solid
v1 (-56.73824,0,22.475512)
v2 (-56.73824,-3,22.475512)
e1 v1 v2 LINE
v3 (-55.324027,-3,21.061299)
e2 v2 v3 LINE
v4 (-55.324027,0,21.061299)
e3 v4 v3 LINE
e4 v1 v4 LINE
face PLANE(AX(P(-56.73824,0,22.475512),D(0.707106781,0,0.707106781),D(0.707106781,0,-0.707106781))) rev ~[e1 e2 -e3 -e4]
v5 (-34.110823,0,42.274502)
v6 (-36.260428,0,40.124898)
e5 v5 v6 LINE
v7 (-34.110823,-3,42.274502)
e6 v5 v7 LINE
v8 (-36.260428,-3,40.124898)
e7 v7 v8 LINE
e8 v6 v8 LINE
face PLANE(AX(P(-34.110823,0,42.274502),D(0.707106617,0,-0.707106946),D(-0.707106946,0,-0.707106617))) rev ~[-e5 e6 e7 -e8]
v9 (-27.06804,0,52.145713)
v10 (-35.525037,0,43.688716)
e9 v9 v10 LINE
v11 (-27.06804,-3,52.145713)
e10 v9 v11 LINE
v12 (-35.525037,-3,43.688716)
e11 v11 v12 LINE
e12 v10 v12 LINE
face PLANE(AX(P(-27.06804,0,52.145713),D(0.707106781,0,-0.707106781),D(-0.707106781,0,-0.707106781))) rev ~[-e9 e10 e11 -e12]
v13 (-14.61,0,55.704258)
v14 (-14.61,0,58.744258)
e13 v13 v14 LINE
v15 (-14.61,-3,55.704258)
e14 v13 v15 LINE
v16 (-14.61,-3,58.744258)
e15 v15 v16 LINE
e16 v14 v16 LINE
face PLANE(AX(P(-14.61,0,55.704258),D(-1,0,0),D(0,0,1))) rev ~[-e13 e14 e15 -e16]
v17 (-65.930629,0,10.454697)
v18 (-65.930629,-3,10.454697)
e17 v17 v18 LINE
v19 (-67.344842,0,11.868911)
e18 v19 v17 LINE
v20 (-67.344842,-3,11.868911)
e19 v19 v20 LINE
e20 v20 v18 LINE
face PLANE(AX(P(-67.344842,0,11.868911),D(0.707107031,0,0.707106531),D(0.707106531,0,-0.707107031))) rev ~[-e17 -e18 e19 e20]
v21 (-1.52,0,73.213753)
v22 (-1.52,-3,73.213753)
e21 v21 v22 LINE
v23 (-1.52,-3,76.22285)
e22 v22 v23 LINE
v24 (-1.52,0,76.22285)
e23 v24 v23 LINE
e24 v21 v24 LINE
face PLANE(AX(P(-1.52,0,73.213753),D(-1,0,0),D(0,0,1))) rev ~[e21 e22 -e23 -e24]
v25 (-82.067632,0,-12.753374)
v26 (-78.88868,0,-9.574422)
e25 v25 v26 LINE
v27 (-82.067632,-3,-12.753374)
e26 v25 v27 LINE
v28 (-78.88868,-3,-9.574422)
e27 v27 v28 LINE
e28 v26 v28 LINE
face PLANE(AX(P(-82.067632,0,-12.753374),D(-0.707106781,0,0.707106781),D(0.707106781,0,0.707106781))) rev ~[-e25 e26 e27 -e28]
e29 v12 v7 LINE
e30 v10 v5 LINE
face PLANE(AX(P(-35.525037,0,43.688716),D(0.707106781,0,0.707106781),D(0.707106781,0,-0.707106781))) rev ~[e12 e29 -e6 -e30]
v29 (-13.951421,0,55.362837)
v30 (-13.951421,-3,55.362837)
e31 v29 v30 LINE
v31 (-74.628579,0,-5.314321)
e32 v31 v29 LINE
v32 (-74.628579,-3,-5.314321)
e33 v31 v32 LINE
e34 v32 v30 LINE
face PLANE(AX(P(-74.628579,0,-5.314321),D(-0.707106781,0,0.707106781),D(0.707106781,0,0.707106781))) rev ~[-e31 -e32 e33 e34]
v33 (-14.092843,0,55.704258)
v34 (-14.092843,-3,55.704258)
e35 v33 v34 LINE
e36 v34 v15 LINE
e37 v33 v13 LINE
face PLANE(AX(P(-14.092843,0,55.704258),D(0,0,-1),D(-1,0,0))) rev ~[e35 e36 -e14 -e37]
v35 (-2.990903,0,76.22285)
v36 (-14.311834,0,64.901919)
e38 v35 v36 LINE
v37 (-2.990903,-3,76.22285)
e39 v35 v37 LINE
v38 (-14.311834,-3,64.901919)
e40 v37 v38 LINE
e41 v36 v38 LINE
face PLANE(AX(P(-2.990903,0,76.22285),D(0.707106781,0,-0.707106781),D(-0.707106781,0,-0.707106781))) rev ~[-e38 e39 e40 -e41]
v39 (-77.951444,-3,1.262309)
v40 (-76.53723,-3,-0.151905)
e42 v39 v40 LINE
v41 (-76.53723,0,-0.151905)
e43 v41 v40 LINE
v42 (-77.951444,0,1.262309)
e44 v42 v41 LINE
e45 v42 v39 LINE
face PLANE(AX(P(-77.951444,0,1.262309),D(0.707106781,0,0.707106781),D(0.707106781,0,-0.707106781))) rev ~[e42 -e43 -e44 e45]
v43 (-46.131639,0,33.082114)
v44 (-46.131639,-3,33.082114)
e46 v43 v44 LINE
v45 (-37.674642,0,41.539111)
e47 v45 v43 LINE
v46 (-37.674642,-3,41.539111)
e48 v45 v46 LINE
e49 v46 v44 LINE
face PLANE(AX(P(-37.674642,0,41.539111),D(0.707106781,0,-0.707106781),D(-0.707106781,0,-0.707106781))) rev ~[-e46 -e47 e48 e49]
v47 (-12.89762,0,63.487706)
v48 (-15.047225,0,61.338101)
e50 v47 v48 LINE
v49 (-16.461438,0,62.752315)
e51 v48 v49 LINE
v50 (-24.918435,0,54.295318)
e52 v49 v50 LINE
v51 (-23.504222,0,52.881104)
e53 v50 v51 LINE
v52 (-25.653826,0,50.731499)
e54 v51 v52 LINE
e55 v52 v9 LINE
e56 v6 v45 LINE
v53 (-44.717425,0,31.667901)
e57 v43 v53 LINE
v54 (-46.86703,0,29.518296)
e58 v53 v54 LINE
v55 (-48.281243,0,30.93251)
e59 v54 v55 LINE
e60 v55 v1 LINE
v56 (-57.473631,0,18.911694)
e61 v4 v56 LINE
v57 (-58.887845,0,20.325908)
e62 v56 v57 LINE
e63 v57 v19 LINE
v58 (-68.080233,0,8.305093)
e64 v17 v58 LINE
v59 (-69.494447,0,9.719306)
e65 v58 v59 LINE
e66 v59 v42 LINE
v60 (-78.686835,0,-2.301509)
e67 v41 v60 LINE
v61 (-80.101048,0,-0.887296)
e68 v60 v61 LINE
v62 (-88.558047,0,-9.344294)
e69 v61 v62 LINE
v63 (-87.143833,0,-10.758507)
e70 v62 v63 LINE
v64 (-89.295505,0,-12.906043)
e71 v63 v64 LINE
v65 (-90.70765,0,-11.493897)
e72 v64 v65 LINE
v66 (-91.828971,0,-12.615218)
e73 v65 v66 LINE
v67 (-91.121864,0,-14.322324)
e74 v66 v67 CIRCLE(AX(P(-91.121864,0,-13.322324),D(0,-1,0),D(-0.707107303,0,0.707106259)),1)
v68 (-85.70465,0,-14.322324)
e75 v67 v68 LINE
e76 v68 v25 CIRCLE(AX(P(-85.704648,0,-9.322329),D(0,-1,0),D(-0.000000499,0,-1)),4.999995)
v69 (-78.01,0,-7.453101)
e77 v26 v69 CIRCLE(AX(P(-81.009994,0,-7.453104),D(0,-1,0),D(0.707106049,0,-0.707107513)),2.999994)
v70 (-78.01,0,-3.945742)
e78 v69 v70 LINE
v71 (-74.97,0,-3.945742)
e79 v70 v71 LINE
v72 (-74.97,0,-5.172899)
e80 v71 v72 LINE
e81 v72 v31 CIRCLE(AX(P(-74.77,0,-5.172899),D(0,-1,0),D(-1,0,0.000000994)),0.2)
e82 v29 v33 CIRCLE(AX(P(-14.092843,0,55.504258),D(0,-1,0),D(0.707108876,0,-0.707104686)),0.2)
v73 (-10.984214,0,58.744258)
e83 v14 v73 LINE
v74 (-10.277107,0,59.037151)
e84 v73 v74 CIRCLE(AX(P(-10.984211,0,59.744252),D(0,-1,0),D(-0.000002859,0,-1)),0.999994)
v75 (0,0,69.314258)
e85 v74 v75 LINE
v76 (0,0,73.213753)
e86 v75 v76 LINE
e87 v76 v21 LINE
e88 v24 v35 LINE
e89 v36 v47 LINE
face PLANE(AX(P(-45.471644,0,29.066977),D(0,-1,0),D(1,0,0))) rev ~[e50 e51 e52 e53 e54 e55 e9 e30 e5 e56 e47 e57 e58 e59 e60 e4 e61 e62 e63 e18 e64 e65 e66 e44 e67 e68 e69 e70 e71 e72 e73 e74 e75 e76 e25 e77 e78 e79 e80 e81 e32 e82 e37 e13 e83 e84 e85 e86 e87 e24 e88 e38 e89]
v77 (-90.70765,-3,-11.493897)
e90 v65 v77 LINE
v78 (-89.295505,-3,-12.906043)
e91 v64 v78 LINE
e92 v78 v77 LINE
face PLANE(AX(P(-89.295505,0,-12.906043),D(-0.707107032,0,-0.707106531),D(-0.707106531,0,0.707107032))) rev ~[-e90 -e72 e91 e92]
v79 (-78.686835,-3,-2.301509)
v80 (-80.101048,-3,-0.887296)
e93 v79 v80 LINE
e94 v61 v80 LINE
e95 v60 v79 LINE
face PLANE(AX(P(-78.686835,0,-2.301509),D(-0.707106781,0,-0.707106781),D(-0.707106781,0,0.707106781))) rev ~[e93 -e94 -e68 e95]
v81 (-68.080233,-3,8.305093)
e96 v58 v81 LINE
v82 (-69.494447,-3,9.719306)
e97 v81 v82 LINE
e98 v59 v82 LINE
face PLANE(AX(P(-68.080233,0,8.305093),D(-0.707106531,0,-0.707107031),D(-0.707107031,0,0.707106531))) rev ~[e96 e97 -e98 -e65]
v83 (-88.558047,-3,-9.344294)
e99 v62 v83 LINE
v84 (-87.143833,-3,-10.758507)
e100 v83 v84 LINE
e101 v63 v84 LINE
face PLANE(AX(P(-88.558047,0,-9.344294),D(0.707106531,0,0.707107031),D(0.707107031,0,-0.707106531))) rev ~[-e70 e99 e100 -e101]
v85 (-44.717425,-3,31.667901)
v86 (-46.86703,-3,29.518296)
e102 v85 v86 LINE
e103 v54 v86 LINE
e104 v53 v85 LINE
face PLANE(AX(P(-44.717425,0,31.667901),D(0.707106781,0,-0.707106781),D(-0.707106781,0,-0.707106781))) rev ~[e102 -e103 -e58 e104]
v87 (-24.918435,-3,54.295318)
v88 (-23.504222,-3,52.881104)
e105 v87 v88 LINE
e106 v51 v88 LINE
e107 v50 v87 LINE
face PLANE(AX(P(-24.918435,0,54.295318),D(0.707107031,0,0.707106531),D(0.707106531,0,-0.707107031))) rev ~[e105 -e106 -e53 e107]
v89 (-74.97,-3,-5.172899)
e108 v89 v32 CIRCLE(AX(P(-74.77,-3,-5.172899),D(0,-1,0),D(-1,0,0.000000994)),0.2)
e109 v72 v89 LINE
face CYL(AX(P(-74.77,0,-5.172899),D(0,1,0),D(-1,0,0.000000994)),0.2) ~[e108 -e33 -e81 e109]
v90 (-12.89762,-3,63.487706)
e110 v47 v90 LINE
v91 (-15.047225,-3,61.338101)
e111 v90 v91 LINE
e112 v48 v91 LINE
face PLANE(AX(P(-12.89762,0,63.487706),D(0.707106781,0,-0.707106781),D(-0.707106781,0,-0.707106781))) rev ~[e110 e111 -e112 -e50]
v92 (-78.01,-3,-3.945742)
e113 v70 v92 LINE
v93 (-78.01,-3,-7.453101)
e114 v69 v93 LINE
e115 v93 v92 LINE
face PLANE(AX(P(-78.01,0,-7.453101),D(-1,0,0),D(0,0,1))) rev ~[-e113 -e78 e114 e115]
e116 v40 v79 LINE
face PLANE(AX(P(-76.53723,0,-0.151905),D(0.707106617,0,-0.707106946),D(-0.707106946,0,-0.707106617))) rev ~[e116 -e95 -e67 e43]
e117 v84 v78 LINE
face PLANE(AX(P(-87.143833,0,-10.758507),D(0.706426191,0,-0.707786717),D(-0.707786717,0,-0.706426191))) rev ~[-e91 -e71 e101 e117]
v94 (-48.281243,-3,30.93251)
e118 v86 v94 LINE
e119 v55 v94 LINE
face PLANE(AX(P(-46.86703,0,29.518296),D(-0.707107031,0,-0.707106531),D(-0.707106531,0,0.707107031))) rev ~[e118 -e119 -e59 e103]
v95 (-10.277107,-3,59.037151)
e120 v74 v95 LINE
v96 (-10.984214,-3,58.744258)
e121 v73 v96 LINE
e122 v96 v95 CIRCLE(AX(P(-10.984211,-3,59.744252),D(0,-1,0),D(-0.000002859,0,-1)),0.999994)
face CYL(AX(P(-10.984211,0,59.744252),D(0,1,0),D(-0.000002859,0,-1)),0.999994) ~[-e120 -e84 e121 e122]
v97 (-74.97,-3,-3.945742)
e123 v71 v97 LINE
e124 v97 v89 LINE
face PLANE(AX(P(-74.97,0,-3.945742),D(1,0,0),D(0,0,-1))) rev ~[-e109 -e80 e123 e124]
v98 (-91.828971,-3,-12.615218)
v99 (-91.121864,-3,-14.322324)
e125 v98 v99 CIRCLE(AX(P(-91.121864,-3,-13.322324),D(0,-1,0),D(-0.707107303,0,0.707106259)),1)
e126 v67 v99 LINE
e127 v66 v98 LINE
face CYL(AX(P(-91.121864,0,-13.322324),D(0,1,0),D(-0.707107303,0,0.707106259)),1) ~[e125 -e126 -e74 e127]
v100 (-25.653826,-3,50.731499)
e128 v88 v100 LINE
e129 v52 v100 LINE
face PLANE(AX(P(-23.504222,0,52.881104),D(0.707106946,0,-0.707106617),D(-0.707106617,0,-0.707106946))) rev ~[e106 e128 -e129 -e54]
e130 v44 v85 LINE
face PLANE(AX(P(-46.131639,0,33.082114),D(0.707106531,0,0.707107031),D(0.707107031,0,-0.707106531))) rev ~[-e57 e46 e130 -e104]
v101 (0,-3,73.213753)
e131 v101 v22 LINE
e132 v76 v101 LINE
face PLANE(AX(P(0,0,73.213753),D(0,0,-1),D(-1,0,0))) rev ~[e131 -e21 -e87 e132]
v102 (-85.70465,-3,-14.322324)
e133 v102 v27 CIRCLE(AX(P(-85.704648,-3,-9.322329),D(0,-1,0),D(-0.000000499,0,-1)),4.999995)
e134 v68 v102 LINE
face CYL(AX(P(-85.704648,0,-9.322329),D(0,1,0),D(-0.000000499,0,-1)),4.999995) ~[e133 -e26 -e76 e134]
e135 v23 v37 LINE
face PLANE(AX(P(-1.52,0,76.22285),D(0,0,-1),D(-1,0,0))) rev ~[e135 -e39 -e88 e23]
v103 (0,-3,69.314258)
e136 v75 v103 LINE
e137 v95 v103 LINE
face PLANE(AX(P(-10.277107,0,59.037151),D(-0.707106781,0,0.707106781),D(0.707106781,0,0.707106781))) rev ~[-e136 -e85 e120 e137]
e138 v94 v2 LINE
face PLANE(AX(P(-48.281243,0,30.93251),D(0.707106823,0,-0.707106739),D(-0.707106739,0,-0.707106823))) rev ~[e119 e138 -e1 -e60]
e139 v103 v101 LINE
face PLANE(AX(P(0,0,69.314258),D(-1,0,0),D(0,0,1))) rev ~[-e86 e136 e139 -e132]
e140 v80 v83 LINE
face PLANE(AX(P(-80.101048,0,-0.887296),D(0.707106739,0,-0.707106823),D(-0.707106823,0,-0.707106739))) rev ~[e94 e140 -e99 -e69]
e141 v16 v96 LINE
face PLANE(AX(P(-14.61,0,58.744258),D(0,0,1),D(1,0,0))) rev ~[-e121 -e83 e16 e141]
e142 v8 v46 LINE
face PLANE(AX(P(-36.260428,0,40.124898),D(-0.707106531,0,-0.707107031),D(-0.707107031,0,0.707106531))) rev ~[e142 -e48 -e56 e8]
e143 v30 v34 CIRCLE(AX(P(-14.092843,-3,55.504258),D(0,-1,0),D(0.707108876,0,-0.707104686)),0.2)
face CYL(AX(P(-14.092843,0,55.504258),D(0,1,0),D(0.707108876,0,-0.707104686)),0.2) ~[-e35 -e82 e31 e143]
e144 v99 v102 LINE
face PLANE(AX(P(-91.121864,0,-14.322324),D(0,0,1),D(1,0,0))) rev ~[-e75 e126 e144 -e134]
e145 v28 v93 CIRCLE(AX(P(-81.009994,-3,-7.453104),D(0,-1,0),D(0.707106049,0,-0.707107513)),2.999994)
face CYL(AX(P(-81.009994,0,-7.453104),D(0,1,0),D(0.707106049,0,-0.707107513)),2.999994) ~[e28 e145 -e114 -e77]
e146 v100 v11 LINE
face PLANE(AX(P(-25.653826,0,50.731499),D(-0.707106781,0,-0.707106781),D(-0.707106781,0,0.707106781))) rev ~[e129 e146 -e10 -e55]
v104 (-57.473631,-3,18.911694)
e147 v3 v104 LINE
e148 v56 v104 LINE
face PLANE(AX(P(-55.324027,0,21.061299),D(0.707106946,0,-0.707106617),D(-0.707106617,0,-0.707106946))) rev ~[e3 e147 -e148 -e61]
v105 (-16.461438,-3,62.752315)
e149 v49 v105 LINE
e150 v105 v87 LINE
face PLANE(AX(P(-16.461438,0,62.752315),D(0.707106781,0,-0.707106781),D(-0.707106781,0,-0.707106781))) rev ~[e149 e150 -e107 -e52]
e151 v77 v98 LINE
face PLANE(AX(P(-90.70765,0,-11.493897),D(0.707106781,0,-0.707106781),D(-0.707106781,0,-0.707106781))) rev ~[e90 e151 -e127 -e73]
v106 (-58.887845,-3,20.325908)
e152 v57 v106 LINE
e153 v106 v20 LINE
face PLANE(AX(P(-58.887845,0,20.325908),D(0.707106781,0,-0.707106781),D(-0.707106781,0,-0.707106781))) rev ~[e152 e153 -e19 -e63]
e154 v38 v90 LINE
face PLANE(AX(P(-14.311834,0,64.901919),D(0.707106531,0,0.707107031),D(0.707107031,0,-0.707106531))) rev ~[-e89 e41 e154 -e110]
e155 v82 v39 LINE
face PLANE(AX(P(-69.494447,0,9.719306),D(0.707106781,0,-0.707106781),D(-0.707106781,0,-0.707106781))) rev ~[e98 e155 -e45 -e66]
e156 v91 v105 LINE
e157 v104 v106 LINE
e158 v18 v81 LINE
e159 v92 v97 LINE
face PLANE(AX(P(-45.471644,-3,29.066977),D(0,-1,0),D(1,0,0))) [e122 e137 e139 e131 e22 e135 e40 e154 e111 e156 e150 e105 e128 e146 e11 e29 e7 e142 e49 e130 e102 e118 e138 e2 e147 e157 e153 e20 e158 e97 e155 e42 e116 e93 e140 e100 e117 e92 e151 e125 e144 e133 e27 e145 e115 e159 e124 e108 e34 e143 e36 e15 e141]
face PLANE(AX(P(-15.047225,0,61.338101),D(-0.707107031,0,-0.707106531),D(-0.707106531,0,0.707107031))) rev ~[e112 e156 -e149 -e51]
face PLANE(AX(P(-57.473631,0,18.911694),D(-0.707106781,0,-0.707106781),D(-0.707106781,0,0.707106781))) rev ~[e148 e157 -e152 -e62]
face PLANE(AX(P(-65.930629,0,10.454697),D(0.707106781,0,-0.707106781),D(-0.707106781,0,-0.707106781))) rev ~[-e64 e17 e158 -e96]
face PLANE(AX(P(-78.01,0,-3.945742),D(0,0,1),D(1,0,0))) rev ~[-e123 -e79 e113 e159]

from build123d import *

# Parameters (mm, degrees)
F1_DEPTH = 3


with BuildPart() as f1:
    # F0 (on Front) → F1 (new body)
    with BuildSketch(Plane.XZ):
        with BuildLine():
            Line((-69.494447, 9.719306), (-77.951444, 1.262309))
            Line((-77.951444, 1.262309), (-76.53723, -0.151905))
            Line((-76.53723, -0.151905), (-78.686835, -2.301509))
            Line((-78.686835, -2.301509), (-80.101048, -0.887296))
            Line((-80.101048, -0.887296), (-88.558047, -9.344294))
            Line((-88.558047, -9.344294), (-87.143833, -10.758507))
            Line((-87.143833, -10.758507), (-89.295505, -12.906043))
            Line((-89.295505, -12.906043), (-90.70765, -11.493897))
            Line((-90.70765, -11.493897), (-91.828971, -12.615218))
            ThreePointArc((-91.828971, -12.615218), (-92.045743, -13.705008), (-91.121864, -14.322324))
            Line((-91.121864, -14.322324), (-85.70465, -14.322324))
            ThreePointArc((-85.70465, -14.322324), (-83.724151, -13.913362), (-82.067632, -12.753374))
            Line((-82.067632, -12.753374), (-78.88868, -9.574422))
            ThreePointArc((-78.88868, -9.574422), (-78.238361, -8.601152), (-78.01, -7.453101))
            Line((-78.01, -7.453101), (-78.01, -3.945742))
            Line((-78.01, -3.945742), (-74.97, -3.945742))
            Line((-74.97, -3.945742), (-74.97, -5.172899))
            ThreePointArc((-74.97, -5.172899), (-74.846537, -5.357675), (-74.628579, -5.314321))
            Line((-74.628579, -5.314321), (-70.549116, -1.234858))
            Line((-70.549116, -1.234858), (-13.951421, 55.362837))
            ThreePointArc((-13.951421, 55.362837), (-13.908067, 55.580795), (-14.092843, 55.704258))
            Line((-14.092843, 55.704258), (-14.61, 55.704258))
            Line((-14.61, 55.704258), (-14.61, 58.744258))
            Line((-14.61, 58.744258), (-10.984214, 58.744258))
            ThreePointArc((-10.984214, 58.744258), (-10.60153, 58.820378), (-10.277107, 59.037151))
            Line((-10.277107, 59.037151), (-5.361421, 63.952837))
            Line((-5.361421, 63.952837), (-1.98, 67.334258))
            Line((-1.98, 67.334258), (0, 69.314258))
            Line((0, 69.314258), (0, 73.213753))
            Line((0, 73.213753), (-1.52, 73.213753))
            Line((-1.52, 73.213753), (-1.52, 76.22285))
            Line((-1.52, 76.22285), (-2.990903, 76.22285))
            Line((-2.990903, 76.22285), (-14.311834, 64.901919))
            Line((-14.311834, 64.901919), (-12.89762, 63.487706))
            Line((-12.89762, 63.487706), (-15.047225, 61.338101))
            Line((-15.047225, 61.338101), (-16.461438, 62.752315))
            Line((-16.461438, 62.752315), (-24.918435, 54.295318))
            Line((-24.918435, 54.295318), (-23.504222, 52.881104))
            Line((-23.504222, 52.881104), (-25.653826, 50.731499))
            Line((-25.653826, 50.731499), (-27.06804, 52.145713))
            Line((-27.06804, 52.145713), (-35.525037, 43.688716))
            Line((-35.525037, 43.688716), (-34.110823, 42.274502))
            Line((-34.110823, 42.274502), (-36.260428, 40.124898))
            Line((-36.260428, 40.124898), (-37.674642, 41.539111))
            Line((-37.674642, 41.539111), (-46.131639, 33.082114))
            Line((-46.131639, 33.082114), (-44.717425, 31.667901))
            Line((-44.717425, 31.667901), (-46.86703, 29.518296))
            Line((-46.86703, 29.518296), (-48.281243, 30.93251))
            Line((-48.281243, 30.93251), (-56.73824, 22.475512))
            Line((-56.73824, 22.475512), (-55.324027, 21.061299))
            Line((-55.324027, 21.061299), (-57.473631, 18.911694))
            Line((-57.473631, 18.911694), (-58.887845, 20.325908))
            Line((-58.887845, 20.325908), (-67.344842, 11.868911))
            Line((-67.344842, 11.868911), (-65.930629, 10.454697))
            Line((-65.930629, 10.454697), (-68.080233, 8.305093))
            Line((-68.080233, 8.305093), (-69.494447, 9.719306))
        make_face()
    extrude(amount=F1_DEPTH)


solid = f1.part
